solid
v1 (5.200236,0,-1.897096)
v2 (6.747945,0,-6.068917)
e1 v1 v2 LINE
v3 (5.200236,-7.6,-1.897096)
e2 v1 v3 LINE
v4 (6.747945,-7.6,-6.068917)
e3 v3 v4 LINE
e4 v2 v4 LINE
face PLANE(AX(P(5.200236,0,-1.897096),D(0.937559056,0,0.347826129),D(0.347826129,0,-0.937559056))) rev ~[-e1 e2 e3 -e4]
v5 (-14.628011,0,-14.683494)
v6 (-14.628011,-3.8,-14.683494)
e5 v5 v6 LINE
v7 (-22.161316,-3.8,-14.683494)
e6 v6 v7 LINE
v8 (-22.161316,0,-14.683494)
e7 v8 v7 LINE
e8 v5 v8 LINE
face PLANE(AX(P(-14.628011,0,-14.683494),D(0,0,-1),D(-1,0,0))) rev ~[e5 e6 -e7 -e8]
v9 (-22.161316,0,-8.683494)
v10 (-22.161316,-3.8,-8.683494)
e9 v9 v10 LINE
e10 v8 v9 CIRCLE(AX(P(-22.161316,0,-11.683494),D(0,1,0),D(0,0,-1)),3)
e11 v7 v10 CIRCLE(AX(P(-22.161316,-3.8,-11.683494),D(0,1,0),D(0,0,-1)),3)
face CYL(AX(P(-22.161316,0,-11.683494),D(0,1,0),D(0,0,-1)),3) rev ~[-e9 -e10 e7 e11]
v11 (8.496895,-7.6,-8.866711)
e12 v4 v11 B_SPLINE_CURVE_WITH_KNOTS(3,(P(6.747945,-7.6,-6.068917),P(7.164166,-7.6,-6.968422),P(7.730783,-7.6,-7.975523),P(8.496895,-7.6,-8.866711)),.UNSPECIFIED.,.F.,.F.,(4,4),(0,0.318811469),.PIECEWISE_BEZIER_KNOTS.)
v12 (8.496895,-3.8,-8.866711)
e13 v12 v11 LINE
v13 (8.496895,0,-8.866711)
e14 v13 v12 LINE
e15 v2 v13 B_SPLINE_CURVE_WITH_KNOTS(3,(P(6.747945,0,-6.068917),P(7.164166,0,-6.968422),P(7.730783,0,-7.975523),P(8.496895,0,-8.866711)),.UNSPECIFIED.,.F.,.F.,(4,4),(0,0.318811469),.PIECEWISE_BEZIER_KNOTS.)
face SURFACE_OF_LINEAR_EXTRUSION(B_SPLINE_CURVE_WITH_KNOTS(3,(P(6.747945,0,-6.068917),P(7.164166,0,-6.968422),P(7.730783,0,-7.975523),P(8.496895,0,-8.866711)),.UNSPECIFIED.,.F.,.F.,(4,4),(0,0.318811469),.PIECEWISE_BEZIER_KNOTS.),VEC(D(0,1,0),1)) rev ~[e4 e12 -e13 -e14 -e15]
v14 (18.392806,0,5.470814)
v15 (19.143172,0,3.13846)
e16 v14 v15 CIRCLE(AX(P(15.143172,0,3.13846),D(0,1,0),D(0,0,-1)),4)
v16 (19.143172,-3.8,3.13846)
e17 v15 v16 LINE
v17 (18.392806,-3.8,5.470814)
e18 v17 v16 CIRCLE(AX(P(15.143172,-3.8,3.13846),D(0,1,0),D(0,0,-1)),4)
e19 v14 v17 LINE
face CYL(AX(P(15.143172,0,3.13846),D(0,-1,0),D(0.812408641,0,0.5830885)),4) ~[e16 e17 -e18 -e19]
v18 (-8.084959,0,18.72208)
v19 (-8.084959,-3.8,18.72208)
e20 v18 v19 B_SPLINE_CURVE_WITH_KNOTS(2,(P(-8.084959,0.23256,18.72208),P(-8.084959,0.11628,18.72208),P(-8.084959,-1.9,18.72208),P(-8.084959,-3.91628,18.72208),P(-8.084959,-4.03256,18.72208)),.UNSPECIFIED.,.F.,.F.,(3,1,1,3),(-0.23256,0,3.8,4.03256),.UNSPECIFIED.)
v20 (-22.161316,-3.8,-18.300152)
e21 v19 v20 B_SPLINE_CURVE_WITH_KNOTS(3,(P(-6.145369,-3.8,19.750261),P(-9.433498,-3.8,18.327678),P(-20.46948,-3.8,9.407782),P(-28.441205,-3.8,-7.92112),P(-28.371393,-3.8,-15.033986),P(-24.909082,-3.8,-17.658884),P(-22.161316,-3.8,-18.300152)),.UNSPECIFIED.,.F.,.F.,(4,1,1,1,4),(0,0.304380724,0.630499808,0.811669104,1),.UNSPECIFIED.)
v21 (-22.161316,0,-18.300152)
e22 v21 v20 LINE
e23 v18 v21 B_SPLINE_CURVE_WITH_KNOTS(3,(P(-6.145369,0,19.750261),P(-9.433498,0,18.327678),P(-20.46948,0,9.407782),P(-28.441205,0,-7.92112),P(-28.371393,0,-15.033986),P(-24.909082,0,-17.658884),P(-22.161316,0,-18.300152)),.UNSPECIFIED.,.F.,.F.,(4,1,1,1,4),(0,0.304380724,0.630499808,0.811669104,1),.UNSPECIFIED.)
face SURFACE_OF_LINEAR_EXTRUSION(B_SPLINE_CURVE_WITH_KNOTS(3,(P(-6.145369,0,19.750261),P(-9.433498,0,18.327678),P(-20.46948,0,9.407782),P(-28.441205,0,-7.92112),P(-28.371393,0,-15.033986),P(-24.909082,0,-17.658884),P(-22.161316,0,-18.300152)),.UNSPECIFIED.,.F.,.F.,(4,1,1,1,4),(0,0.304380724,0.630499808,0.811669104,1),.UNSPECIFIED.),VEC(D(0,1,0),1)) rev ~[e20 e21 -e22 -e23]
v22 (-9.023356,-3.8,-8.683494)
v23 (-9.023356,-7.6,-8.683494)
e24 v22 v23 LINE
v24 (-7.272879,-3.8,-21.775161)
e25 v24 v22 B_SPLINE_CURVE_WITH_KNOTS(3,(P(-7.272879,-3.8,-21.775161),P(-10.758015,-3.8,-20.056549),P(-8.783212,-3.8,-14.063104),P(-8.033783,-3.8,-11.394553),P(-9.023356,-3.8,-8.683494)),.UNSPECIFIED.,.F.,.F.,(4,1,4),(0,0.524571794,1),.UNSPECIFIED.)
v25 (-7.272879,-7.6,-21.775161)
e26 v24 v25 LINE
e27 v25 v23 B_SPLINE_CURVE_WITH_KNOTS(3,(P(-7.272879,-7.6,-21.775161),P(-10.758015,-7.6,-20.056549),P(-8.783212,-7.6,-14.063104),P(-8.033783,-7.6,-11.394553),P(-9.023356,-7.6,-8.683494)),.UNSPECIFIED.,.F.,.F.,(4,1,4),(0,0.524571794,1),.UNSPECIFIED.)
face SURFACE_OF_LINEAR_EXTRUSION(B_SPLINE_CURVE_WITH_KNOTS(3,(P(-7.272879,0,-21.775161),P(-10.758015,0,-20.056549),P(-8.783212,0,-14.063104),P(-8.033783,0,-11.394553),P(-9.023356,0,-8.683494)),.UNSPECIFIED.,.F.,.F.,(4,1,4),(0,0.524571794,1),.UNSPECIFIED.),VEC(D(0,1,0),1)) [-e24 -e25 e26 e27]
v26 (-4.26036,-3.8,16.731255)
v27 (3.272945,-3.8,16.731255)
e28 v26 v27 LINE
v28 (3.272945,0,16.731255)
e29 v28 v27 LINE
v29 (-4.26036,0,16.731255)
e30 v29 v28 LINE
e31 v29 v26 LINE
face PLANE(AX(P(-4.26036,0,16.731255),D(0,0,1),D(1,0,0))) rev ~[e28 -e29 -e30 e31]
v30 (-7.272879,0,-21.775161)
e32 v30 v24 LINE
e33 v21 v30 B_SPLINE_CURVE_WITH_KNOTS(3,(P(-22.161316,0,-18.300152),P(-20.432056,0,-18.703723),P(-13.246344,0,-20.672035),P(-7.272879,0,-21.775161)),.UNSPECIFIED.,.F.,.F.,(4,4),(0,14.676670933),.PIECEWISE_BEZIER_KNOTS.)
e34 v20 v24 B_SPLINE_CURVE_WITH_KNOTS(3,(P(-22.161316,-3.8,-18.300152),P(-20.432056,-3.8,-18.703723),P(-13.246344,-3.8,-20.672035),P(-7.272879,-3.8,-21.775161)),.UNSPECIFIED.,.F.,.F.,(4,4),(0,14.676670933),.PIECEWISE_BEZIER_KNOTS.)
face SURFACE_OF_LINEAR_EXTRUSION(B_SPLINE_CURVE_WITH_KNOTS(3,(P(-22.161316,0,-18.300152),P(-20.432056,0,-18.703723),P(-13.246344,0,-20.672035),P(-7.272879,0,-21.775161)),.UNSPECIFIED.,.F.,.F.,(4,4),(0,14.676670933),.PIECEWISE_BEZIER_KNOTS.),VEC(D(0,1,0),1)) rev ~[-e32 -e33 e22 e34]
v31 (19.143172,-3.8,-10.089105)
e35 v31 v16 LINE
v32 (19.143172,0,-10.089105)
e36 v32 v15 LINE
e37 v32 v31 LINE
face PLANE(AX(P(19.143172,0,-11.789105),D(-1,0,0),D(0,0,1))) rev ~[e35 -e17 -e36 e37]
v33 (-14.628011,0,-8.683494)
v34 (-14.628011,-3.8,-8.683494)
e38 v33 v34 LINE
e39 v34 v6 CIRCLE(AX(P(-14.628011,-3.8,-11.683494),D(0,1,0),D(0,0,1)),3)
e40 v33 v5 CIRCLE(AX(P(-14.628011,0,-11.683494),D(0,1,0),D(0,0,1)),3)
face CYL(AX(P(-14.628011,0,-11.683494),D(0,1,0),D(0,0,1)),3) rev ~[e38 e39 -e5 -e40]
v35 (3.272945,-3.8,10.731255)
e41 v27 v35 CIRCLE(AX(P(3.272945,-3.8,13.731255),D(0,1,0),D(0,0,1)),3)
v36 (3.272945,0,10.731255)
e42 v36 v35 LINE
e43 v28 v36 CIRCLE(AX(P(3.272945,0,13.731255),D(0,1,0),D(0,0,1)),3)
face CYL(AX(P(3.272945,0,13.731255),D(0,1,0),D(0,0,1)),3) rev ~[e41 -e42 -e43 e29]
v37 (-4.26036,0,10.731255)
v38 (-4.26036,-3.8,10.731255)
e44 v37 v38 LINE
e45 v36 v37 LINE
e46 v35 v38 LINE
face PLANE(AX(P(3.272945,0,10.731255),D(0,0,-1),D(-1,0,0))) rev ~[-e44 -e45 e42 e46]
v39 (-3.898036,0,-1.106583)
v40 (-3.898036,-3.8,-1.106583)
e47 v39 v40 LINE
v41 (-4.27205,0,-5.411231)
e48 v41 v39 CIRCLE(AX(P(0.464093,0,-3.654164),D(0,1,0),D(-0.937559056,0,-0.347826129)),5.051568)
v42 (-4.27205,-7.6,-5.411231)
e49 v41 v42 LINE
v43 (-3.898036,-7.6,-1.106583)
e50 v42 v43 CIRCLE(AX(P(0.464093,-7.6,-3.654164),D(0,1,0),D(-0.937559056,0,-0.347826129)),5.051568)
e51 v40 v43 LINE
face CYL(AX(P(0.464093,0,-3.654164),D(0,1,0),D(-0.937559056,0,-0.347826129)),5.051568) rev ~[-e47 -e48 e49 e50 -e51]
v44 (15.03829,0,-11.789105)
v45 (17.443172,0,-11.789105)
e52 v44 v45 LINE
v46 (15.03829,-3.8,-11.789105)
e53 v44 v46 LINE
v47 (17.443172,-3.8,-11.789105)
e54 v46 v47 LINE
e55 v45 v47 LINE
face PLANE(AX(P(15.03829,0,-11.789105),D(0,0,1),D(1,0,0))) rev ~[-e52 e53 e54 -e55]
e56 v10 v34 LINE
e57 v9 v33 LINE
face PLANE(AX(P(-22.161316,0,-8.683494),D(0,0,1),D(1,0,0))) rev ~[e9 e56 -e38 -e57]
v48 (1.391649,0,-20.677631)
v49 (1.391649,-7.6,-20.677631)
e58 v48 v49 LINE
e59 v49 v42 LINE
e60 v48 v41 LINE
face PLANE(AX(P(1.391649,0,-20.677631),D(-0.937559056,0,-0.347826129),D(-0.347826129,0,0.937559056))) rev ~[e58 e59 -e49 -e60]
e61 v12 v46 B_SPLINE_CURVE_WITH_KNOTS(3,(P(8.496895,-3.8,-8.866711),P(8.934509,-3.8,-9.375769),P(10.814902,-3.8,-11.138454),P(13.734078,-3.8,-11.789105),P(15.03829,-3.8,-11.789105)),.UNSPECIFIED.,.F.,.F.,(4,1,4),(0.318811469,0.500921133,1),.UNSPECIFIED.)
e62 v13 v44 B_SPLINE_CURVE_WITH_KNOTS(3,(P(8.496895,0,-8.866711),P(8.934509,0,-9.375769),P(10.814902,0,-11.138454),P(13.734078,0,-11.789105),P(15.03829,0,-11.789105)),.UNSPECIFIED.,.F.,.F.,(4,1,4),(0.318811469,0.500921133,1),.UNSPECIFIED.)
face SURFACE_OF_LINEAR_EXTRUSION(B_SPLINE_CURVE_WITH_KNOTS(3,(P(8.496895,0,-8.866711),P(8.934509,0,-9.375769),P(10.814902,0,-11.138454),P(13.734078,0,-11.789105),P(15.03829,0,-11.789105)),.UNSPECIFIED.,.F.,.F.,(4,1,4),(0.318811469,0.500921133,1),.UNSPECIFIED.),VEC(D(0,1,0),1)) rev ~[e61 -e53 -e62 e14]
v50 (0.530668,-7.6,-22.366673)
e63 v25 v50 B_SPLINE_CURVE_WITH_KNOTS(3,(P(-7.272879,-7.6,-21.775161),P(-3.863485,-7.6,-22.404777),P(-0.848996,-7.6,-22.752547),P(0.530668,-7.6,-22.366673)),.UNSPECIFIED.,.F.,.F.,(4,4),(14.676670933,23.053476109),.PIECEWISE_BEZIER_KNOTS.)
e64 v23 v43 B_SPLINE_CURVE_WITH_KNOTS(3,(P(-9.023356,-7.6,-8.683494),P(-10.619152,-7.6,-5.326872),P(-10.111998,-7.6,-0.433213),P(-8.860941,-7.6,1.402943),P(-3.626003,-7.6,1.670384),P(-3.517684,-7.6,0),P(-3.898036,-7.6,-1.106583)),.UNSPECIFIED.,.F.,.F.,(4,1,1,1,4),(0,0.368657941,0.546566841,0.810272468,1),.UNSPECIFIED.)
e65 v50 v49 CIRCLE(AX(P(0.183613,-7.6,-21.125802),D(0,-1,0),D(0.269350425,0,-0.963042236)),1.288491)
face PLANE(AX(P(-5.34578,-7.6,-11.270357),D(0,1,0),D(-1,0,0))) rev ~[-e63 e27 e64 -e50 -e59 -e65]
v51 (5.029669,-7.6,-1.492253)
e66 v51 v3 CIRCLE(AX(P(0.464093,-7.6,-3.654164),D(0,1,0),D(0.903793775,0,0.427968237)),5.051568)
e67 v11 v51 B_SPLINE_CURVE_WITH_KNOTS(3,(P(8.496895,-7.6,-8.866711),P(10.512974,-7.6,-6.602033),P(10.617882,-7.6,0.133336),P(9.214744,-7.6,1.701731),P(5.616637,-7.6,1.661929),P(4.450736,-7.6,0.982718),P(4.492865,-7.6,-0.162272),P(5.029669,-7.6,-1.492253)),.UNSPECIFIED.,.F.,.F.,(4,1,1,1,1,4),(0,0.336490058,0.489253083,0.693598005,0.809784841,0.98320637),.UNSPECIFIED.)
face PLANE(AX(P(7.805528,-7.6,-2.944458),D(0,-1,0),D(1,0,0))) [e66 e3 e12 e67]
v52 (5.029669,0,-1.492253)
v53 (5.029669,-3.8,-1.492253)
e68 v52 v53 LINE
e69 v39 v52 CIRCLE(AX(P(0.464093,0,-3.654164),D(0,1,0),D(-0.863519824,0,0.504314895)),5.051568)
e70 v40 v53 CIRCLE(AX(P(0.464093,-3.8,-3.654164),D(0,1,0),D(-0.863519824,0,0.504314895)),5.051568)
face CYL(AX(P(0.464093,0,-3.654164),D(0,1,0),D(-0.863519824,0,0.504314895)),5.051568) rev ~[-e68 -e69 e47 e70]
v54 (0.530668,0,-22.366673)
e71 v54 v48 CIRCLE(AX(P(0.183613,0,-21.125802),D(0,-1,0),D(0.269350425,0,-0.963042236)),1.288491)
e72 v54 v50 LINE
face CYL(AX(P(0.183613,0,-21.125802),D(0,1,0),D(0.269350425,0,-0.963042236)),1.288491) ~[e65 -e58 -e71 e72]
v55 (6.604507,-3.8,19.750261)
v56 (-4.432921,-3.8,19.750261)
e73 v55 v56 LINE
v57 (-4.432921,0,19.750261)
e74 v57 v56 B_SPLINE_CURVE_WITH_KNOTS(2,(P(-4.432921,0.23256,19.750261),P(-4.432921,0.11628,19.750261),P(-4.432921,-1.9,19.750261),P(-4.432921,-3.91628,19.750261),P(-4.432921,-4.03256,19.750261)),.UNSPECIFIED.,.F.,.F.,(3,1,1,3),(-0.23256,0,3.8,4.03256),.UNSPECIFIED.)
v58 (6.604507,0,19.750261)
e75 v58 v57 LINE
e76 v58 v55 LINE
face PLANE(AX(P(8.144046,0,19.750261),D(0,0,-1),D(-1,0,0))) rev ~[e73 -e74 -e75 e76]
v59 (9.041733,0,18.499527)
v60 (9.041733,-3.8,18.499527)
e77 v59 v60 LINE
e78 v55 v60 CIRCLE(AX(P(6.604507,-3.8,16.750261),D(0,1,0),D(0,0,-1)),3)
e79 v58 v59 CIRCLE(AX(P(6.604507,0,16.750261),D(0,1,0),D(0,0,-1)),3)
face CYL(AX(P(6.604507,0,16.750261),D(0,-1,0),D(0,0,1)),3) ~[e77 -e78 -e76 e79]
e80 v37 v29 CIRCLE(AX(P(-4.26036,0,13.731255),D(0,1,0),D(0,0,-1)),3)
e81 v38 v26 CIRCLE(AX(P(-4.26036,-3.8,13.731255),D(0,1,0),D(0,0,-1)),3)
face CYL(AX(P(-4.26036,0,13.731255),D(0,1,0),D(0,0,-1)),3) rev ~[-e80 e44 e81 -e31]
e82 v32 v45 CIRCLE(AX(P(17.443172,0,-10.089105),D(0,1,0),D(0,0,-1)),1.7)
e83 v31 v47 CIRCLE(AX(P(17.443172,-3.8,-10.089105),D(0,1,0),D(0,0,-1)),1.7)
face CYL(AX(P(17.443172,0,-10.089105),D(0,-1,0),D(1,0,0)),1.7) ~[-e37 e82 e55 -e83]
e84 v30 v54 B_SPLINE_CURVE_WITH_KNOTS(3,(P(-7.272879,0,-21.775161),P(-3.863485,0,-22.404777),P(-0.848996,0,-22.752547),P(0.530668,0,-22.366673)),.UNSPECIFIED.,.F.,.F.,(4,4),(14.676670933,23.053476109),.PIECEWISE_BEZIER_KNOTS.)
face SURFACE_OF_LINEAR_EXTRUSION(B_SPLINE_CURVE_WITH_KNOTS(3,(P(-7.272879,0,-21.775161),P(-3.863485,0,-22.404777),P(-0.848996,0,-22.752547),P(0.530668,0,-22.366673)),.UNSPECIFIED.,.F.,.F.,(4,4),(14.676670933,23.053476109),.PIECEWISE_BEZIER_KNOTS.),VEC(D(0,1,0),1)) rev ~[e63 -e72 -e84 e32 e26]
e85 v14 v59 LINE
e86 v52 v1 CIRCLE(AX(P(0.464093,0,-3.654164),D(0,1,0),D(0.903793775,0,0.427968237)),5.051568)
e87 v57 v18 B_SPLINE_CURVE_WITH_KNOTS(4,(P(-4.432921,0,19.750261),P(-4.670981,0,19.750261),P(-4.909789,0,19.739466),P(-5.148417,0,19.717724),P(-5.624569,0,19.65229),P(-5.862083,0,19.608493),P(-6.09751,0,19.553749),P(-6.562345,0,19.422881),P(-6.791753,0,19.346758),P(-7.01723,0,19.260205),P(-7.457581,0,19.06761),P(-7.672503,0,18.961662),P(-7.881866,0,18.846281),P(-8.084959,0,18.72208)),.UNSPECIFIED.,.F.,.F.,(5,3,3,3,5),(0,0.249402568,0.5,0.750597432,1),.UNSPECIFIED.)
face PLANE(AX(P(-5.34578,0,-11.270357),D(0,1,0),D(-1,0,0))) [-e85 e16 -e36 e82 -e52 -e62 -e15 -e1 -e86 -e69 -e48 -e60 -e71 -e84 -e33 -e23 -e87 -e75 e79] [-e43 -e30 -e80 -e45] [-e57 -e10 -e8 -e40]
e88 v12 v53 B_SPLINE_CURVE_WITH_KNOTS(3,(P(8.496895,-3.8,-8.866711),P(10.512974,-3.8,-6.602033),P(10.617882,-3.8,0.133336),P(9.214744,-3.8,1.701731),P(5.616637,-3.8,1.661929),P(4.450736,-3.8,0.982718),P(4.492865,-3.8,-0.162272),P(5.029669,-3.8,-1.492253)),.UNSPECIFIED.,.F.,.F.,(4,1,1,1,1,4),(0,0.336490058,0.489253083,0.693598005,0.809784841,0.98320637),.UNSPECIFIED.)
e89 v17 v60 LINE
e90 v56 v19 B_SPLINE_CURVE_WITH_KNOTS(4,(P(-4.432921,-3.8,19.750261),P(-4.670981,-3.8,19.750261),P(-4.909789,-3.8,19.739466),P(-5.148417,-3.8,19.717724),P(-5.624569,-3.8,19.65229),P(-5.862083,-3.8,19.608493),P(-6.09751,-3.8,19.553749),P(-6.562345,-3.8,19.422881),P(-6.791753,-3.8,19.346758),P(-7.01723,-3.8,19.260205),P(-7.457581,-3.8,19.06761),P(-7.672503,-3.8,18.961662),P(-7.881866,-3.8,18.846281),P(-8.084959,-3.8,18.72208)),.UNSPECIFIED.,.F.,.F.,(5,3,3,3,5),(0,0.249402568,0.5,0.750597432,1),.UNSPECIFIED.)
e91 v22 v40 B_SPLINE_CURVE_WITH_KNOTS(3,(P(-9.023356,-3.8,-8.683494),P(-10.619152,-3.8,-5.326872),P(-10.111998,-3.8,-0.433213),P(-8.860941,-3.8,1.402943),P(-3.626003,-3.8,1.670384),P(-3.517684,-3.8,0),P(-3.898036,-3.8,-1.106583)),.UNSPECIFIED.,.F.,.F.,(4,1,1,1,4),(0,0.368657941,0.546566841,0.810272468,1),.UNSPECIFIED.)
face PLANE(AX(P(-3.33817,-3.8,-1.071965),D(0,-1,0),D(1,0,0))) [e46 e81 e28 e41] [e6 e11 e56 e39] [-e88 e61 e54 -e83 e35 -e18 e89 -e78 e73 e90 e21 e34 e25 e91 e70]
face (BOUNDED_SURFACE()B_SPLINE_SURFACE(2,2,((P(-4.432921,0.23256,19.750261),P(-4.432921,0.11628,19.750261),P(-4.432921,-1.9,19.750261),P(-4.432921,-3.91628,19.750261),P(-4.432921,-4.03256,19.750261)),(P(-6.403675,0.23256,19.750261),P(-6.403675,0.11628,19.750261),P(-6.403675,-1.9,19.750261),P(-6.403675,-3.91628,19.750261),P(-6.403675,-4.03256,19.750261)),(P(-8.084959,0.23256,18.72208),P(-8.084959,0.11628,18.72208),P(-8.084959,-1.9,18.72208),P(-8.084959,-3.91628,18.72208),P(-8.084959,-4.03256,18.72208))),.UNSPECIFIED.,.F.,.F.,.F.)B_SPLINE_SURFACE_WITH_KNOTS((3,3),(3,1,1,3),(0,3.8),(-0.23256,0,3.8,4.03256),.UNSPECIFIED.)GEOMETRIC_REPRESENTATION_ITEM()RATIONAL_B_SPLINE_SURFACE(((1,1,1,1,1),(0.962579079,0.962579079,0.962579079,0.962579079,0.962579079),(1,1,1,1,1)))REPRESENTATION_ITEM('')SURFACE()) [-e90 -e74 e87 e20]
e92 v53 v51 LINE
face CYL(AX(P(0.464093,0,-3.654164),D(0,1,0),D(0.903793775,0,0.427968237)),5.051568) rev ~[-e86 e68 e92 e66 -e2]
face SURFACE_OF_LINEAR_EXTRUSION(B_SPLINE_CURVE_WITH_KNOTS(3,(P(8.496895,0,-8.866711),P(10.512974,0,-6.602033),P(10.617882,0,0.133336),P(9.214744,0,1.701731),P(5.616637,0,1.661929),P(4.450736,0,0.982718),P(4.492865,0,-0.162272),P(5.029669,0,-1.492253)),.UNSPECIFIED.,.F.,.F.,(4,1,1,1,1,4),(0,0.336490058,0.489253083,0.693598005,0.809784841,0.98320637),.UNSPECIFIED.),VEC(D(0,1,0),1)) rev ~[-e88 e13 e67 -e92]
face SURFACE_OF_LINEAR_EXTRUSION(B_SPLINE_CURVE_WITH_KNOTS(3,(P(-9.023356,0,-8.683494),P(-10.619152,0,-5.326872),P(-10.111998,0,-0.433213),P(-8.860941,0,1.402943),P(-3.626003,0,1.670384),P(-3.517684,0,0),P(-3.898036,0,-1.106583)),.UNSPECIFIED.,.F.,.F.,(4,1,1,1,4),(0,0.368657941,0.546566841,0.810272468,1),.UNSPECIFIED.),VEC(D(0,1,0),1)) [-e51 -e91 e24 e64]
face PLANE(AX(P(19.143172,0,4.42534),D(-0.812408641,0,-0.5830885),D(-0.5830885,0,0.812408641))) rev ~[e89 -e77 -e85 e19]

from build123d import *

# Parameters (mm, degrees)
F1_DEPTH = 3.8
F2_DEPTH = 7.6
F3_R     = 7
F4_R     = 3
F5_R     = 4
F6_R     = 1.7


with BuildPart() as f1:
    # F0 (on Front) → F1 (new body)
    with BuildSketch(Plane.XZ):
        with BuildLine():
            Line((19.1431716898, 4.4253403938), (8.1440456616, 19.750261103))
            Line((8.1440456616, 19.750261103), (-6.1453692615, 19.750261103))
            add(Edge.make_bspline(
                [(-6.1453692615, 19.750261103), (-9.4334975883, 18.3276780648), (-20.4694799737, 9.4077816301), (-28.441204782, -7.9211202874), (-28.3713925064, -15.033986271), (-24.9090821352, -17.6588842502), (-22.1613161266, -18.3001520287)],
                knots=[0, 0, 0, 0, 0.3043807241, 0.630499808, 0.8116691041, 1, 1, 1, 1], degree=3))
            add(Edge.make_bspline(
                [(-22.1613161266, -18.3001520287), (-20.4320557503, -18.7037231321), (-13.2463438928, -20.672034694), (-7.2728786379, -21.7751605126)],
                knots=[0, 0, 0, 0, 14.676670933, 14.676670933, 14.676670933, 14.676670933], degree=3))
            add(Edge.make_bspline(
                [(-7.2728786379, -21.7751605126), (-10.7580149359, -20.0565494265), (-8.7832123206, -14.063103822), (-8.03378309, -11.3945532964), (-9.0233562514, -8.6834942922)],
                knots=[0, 0, 0, 0, 0.5245717937, 1, 1, 1, 1], degree=3))
            add(Edge.make_bspline(
                [(-9.0233562514, -8.6834942922), (-10.6191516402, -5.3268720907), (-10.1119981872, -0.4332128436), (-8.8609410373, 1.4029428946), (-3.6260034076, 1.6703835883), (-3.5176839858, 0), (-3.8980361515, -1.1065827018)],
                knots=[0, 0, 0, 0, 0.3686579414, 0.5465668413, 0.8102724675, 1, 1, 1, 1], degree=3))
            ThreePointArc((-3.8980361515, -1.1065827018), (0.6821136218, 1.3926973088), (5.0296685697, -1.4922530361))
            add(Edge.make_bspline(
                [(8.4968951944, -8.8667105614), (10.512974474, -6.6020334922), (10.6178822415, 0.1333355699), (9.2147437469, 1.7017312358), (5.6166367294, 1.6619292411), (4.4507364715, 0.9827180402), (4.4928646091, -0.16227164), (5.0296685697, -1.4922530361)],
                knots=[0, 0, 0, 0, 0.3364900582, 0.4892530829, 0.6935980051, 0.8097848409, 0.9832063696, 0.9832063696, 0.9832063696, 0.9832063696], degree=3))
            add(Edge.make_bspline(
                [(8.4968951944, -8.8667105614), (8.93450925, -9.375769436), (10.8149022533, -11.1384536985), (13.7340780615, -11.7891050671), (15.0382904123, -11.7891050671)],
                knots=[0.3188114686, 0.3188114686, 0.3188114686, 0.3188114686, 0.5009211334, 1, 1, 1, 1], degree=3))
            Line((15.0382904123, -11.7891050671), (19.1431716898, -11.7891050671))
            Line((19.1431716898, -11.7891050671), (19.1431716898, 4.4253403938))
        make_face()
        with BuildLine():
            ThreePointArc((-22.1613161266, -14.6834942922), (-25.1613161266, -11.6834942922), (-22.1613161266, -8.6834942922))
            Line((-22.1613161266, -8.6834942922), (-14.628011294, -8.6834942922))
            ThreePointArc((-14.628011294, -8.6834942922), (-11.628011294, -11.6834942922), (-14.628011294, -14.6834942922))
            Line((-14.628011294, -14.6834942922), (-22.1613161266, -14.6834942922))
        make_face(mode=Mode.SUBTRACT)
        with BuildLine():
            ThreePointArc((3.2729445693, 16.7312547565), (6.2729445693, 13.7312547565), (3.2729445693, 10.7312547565))
            Line((3.2729445693, 10.7312547565), (-4.2603602633, 10.7312547565))
            ThreePointArc((-4.2603602633, 10.7312547565), (-7.2603602633, 13.7312547565), (-4.2603602633, 16.7312547565))
            Line((-4.2603602633, 16.7312547565), (3.2729445693, 16.7312547565))
        make_face(mode=Mode.SUBTRACT)
    extrude(amount=F1_DEPTH)

    # F0 (on Front) → F2 (join)
    with BuildSketch(Plane.XZ):
        with BuildLine():
            add(Edge.make_bspline(
                [(-7.2728786379, -21.7751605126), (-10.7580149359, -20.0565494265), (-8.7832123206, -14.063103822), (-8.03378309, -11.3945532964), (-9.0233562514, -8.6834942922)],
                knots=[0, 0, 0, 0, 0.5245717937, 1, 1, 1, 1], degree=3))
            add(Edge.make_bspline(
                [(-7.2728786379, -21.7751605126), (-3.8634845801, -22.4047767321), (-0.848995576, -22.7525474742), (0.5306684761, -22.3666733306)],
                knots=[14.676670933, 14.676670933, 14.676670933, 14.676670933, 23.053476109, 23.053476109, 23.053476109, 23.053476109], degree=3))
            ThreePointArc((0.5306684761, -22.3666733306), (1.3315647917, -21.7109648486), (1.3916492908, -20.6776312264))
            Line((1.3916492908, -20.6776312264), (-4.2720503639, -5.4112309833))
            ThreePointArc((-4.2720503639, -5.4112309833), (-4.5685146727, -3.2168998843), (-3.8980361515, -1.1065827018))
            add(Edge.make_bspline(
                [(-9.0233562514, -8.6834942922), (-10.6191516402, -5.3268720907), (-10.1119981872, -0.4332128436), (-8.8609410373, 1.4029428946), (-3.6260034076, 1.6703835883), (-3.5176839858, 0), (-3.8980361515, -1.1065827018)],
                knots=[0, 0, 0, 0, 0.3686579414, 0.5465668413, 0.8102724675, 1, 1, 1, 1], degree=3))
        make_face()
        with BuildLine():
            add(Edge.make_bspline(
                [(6.7479446556, -6.068916612), (7.1641658841, -6.9684223917), (7.730783303, -7.9755233328), (8.4968951944, -8.8667105614)],
                knots=[0, 0, 0, 0, 0.3188114686, 0.3188114686, 0.3188114686, 0.3188114686], degree=3))
            add(Edge.make_bspline(
                [(8.4968951944, -8.8667105614), (10.512974474, -6.6020334922), (10.6178822415, 0.1333355699), (9.2147437469, 1.7017312358), (5.6166367294, 1.6619292411), (4.4507364715, 0.9827180402), (4.4928646091, -0.16227164), (5.0296685697, -1.4922530361)],
                knots=[0, 0, 0, 0, 0.3364900582, 0.4892530829, 0.6935980051, 0.8097848409, 0.9832063696, 0.9832063696, 0.9832063696, 0.9832063696], degree=3))
            ThreePointArc((5.0296685697, -1.4922530361), (5.1193553392, -1.6928196399), (5.2002361796, -1.8970963366))
            Line((5.2002361796, -1.8970963366), (6.7479446556, -6.068916612))
        make_face()
    extrude(amount=F2_DEPTH)

    # F3
    f3_edges = [f1.edges().sort_by_distance(p)[0] for p in [
        (-6.145369, -1.9, 19.750261),
    ]]
    fillet(f3_edges, radius=F3_R)

    # F4
    f4_edges = [f1.edges().sort_by_distance(p)[0] for p in [
        (8.144046, -1.9, 19.750261),
    ]]
    fillet(f4_edges, radius=F4_R)

    # F5
    f5_edges = [f1.edges().sort_by_distance(p)[0] for p in [
        (19.143172, -1.9, 4.42534),
    ]]
    fillet(f5_edges, radius=F5_R)

    # F6
    f6_edges = [f1.edges().sort_by_distance(p)[0] for p in [
        (19.143172, -1.9, -11.789105),
    ]]
    fillet(f6_edges, radius=F6_R)


solid = f1.part
